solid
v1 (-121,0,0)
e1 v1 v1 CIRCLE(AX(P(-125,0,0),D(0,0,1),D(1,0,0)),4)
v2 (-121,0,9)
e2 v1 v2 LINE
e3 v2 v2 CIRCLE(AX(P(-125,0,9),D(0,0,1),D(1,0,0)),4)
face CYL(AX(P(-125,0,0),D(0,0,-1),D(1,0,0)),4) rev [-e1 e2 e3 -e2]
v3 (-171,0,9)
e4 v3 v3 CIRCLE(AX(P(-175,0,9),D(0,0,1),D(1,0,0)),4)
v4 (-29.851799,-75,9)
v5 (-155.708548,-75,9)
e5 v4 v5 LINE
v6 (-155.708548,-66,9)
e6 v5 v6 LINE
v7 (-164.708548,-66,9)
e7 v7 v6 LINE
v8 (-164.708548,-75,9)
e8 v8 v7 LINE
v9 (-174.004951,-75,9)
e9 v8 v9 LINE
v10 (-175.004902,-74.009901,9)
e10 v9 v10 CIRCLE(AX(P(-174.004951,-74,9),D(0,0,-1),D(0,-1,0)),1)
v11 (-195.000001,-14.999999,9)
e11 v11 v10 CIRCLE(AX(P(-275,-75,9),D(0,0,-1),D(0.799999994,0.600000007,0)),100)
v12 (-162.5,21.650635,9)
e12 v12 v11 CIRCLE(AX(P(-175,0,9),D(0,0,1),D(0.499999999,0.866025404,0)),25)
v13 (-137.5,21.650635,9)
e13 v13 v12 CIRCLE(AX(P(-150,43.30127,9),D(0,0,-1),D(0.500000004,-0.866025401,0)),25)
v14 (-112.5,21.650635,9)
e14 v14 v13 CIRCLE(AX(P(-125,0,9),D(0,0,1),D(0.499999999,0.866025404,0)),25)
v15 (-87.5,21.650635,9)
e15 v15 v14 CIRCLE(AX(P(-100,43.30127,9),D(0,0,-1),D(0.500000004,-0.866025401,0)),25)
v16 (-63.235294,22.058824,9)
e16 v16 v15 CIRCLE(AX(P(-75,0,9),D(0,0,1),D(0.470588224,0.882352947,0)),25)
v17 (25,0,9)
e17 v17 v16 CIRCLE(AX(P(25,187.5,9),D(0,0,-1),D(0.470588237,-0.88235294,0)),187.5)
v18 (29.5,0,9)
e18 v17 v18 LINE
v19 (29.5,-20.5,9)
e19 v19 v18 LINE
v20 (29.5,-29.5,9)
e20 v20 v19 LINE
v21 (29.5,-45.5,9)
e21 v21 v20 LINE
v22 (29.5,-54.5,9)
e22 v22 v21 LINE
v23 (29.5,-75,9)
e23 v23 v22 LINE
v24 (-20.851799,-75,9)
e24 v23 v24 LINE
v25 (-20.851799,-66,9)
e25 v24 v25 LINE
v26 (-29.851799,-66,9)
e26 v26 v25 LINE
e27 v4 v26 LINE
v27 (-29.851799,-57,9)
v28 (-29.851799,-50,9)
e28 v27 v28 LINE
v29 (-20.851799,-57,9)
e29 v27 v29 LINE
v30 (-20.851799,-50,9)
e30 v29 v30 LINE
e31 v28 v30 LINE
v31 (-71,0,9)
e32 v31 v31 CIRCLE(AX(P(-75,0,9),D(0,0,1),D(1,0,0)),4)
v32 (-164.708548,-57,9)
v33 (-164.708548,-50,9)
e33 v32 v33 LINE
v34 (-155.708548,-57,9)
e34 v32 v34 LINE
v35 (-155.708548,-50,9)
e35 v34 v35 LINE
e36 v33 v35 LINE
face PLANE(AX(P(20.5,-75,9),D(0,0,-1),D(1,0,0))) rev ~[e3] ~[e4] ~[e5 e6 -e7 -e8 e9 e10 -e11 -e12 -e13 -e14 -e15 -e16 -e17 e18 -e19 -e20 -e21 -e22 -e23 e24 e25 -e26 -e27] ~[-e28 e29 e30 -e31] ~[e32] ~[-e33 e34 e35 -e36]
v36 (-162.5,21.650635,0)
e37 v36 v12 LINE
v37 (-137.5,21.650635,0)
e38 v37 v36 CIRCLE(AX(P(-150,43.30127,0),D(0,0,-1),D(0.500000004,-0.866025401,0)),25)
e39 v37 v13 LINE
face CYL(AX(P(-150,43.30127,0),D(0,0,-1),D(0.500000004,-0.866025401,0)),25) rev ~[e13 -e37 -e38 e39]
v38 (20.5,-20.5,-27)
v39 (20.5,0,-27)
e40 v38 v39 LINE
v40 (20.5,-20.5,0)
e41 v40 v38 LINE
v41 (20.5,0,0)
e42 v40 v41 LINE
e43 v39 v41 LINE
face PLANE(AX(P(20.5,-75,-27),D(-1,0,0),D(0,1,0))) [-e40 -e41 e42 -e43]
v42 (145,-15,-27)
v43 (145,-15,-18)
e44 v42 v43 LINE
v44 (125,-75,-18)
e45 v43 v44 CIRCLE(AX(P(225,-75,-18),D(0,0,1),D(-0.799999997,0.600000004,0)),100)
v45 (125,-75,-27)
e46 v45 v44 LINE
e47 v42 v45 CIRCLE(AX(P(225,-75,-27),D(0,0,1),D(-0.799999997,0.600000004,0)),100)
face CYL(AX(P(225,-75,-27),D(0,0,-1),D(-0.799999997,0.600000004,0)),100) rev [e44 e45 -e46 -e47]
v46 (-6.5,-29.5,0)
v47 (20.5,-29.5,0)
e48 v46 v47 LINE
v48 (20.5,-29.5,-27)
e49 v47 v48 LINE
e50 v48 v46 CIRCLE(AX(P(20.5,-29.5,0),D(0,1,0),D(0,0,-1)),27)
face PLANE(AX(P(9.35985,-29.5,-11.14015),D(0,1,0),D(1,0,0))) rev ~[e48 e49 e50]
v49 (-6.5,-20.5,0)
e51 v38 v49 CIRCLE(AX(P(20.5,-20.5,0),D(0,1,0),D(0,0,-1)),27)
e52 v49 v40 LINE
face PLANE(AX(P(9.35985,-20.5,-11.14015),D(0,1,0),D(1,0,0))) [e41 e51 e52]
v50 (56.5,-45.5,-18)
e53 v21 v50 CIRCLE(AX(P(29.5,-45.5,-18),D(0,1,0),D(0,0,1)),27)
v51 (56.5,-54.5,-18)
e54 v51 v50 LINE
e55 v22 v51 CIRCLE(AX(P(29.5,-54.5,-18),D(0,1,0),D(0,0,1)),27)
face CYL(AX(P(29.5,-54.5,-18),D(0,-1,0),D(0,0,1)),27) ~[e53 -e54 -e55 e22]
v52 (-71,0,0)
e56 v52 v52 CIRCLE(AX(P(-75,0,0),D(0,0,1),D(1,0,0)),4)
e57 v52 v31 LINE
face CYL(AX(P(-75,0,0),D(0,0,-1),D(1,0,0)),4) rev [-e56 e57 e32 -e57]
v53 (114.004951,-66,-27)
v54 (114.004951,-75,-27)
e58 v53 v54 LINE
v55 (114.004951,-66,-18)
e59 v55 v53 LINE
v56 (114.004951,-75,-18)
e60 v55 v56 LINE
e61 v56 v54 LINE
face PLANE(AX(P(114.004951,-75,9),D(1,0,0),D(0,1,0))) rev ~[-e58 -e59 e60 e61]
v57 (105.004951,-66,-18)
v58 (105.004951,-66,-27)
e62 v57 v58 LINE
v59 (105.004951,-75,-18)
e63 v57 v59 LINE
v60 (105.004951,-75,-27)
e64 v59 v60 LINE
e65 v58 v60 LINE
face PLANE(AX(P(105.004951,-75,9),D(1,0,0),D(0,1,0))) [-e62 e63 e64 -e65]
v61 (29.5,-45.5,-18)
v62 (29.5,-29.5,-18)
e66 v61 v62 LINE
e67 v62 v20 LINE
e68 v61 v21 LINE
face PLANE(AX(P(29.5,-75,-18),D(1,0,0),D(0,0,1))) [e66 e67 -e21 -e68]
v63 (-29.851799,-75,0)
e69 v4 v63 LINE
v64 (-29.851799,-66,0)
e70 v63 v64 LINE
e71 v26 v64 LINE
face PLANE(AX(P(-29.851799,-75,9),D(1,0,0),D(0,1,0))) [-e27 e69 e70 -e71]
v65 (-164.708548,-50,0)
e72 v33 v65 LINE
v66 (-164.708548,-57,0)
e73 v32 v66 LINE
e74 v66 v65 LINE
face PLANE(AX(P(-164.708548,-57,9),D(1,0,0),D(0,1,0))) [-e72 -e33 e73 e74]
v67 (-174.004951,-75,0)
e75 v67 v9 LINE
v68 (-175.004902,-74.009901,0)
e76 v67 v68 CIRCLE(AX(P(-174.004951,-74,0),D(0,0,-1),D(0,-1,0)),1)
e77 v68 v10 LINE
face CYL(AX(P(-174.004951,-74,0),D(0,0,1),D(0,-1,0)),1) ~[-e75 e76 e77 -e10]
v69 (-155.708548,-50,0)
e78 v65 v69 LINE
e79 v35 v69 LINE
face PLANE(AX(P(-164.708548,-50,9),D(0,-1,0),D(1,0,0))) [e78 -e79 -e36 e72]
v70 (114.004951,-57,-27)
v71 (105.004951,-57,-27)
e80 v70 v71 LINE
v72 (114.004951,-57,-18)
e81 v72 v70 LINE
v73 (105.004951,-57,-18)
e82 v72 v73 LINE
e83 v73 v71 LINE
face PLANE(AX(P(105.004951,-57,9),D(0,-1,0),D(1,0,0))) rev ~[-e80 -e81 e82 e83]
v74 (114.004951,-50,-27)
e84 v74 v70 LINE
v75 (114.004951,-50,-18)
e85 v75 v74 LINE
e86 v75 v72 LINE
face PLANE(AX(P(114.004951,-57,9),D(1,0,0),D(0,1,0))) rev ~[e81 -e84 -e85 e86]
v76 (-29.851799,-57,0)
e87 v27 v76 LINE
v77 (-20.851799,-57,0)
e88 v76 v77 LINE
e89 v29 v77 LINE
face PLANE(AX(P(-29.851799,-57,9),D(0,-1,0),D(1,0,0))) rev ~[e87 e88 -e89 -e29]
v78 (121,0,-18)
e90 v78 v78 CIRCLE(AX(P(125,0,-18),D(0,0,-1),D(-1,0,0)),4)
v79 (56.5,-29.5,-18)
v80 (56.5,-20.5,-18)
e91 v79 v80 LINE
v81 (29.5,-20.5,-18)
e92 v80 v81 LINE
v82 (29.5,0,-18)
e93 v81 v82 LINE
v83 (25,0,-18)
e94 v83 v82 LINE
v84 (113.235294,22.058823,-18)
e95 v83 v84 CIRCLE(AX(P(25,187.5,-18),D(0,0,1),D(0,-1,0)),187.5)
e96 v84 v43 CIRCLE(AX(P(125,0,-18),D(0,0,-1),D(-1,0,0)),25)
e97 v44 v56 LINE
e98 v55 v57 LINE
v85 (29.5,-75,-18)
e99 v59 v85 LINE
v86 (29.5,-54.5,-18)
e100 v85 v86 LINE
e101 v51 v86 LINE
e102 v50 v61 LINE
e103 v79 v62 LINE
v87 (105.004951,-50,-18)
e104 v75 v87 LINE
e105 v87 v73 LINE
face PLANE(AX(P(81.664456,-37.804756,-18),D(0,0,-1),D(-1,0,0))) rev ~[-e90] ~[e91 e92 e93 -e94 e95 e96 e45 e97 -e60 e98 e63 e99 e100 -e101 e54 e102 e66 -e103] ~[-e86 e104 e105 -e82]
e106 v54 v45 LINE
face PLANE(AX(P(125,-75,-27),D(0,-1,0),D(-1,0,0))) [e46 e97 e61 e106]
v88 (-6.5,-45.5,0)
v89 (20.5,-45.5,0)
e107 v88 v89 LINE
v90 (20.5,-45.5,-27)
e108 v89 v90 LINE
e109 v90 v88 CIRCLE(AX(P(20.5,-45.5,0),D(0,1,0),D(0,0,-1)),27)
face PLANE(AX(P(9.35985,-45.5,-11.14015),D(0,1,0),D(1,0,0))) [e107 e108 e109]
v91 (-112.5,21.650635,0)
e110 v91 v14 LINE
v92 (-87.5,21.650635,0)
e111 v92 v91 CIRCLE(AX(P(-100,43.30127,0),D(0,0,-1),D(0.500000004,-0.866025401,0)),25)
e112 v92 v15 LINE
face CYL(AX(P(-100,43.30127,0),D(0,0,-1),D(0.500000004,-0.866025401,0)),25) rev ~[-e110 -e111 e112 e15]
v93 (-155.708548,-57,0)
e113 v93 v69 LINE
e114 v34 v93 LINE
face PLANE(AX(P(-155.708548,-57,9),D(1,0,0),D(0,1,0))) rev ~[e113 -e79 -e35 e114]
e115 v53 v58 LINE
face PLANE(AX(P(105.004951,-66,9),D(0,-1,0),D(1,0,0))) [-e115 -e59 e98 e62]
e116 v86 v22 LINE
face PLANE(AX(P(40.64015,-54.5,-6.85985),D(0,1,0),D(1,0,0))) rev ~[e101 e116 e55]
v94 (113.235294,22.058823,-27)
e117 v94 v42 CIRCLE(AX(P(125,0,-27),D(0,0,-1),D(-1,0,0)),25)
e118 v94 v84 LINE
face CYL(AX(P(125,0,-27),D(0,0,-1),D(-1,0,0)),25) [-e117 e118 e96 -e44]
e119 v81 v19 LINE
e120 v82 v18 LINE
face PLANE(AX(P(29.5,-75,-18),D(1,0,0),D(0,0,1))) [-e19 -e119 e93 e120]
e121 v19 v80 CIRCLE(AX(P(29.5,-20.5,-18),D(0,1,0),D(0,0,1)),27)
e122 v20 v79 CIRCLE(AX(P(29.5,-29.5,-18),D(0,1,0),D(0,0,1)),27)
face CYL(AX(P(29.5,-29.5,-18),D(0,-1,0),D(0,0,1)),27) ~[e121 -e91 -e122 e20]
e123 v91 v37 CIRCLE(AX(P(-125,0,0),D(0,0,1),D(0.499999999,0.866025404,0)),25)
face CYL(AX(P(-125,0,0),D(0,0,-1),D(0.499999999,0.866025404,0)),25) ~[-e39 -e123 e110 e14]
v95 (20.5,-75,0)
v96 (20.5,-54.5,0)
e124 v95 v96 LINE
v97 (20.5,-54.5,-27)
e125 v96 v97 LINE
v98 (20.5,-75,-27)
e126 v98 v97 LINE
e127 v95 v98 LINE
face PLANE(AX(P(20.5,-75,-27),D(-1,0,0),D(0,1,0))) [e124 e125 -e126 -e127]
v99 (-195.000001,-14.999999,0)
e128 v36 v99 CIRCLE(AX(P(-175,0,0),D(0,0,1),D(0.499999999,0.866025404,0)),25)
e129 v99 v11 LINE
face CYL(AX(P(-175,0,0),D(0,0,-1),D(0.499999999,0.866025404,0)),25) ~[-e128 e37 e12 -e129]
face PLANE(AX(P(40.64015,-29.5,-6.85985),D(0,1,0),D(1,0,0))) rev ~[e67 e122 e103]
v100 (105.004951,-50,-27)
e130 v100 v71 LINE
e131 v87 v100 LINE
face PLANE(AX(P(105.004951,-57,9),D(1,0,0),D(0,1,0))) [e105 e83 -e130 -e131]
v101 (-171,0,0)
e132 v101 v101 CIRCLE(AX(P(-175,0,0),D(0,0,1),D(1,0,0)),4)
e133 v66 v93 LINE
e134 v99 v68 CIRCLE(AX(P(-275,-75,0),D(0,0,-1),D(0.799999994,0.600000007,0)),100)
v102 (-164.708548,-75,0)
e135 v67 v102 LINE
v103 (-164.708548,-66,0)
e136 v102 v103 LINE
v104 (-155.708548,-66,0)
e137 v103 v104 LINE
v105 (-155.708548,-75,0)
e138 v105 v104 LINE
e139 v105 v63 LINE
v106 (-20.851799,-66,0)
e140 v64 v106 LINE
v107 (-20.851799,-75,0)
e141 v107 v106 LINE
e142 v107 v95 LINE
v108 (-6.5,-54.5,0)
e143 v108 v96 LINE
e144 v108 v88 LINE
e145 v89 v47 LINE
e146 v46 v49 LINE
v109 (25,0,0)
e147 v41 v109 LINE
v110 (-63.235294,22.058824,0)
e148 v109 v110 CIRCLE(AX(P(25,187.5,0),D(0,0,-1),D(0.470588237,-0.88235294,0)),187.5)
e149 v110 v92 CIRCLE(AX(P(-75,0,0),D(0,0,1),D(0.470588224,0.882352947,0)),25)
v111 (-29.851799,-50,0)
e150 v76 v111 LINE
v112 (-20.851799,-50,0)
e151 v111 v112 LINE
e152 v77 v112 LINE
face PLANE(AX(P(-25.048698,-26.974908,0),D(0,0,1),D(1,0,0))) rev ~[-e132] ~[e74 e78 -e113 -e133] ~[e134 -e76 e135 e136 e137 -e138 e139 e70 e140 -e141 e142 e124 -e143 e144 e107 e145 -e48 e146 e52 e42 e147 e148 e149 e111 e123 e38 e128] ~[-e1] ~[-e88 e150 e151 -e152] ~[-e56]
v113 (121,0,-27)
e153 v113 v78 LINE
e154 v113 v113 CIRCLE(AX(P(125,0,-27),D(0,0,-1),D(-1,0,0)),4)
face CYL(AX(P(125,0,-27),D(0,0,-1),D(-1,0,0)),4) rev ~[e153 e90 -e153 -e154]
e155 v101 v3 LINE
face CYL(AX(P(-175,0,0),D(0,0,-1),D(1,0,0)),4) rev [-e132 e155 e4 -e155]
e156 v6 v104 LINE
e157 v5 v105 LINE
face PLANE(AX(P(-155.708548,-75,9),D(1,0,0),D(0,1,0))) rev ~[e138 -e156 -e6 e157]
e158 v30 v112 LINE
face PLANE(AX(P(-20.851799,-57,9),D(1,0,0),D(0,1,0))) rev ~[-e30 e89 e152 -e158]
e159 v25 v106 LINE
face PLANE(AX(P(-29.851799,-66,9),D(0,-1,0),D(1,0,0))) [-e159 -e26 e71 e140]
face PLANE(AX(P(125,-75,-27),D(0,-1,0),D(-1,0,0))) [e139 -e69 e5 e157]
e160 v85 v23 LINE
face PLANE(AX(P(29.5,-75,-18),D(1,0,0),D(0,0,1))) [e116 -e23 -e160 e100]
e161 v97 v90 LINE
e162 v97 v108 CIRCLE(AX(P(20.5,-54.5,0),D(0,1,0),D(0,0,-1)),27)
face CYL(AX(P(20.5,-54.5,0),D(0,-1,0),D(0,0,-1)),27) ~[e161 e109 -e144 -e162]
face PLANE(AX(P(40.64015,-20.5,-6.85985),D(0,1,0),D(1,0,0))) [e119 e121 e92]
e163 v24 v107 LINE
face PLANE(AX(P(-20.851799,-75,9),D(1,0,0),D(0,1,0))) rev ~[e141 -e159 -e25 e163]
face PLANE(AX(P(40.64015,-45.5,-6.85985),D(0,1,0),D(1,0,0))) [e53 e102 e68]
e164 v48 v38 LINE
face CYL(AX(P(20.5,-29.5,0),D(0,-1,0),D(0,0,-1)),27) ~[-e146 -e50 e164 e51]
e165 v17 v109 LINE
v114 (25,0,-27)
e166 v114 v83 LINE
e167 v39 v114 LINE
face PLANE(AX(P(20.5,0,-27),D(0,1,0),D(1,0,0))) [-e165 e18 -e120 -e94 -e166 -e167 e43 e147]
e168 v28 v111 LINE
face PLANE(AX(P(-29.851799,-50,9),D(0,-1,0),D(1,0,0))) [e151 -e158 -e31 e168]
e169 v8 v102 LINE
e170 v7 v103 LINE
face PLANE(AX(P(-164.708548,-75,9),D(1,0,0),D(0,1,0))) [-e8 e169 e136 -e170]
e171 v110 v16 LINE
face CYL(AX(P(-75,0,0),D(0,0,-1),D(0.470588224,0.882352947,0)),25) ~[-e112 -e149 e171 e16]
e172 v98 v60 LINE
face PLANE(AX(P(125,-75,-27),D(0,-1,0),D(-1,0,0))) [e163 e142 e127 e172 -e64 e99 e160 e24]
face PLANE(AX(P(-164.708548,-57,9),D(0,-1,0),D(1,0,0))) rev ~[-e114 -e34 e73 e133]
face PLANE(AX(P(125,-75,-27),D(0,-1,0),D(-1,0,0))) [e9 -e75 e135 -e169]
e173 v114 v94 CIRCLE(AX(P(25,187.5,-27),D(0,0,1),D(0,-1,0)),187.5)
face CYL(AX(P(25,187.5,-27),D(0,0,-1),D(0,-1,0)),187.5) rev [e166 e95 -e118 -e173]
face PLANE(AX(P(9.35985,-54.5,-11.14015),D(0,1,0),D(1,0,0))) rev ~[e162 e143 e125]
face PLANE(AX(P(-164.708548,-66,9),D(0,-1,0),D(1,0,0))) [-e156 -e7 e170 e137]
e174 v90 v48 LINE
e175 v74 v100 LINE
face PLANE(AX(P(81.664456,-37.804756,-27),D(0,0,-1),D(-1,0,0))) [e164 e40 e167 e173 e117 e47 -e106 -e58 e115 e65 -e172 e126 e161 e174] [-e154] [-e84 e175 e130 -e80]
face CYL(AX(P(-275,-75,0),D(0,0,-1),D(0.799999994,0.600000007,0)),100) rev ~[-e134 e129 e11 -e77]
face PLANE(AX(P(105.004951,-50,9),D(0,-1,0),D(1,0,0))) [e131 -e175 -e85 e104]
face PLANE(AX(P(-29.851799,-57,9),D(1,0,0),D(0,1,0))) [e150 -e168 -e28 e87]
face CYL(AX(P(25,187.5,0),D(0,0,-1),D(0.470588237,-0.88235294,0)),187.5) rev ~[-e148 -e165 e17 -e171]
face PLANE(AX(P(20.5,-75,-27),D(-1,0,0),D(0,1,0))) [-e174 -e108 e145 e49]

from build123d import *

# Parameters (mm, degrees)
SKETCH1_R                = 8
SKETCH1_R_2              = 4
BOSS_EXTRUDE1_DEPTH      = 9
BOSS_EXTRUDE1_2_DEPTH    = 9
SKETCH2_R                = 4
BOSS_EXTRUDE3_DEPTH      = 9
FILLET1_R                = 1
CUT_EXTRUDE1_DEPTH       = 214.789616212
SKETCH4_W                = 9
SKETCH4_H                = 27
BOSS_EXTRUDE4_DEPTH      = 75
BOSS_EXTRUDE5_START      = 9
SKETCH5_R                = 25
SKETCH5_R_2              = 4
BOSS_EXTRUDE5_DEPTH      = 9
BOSS_EXTRUDE6_DEPTH      = 4.5
BOSS_EXTRUDE6_DEPTH_BACK = 4.5
BOSS_EXTRUDE7_DEPTH      = 4.5
BOSS_EXTRUDE7_DEPTH_BACK = 4.5
BOSS_EXTRUDE7_START      = -25
SKETCH9_W                = 9
SKETCH9_H                = 7
SKETCH9_H_2              = 9
CUT_EXTRUDE2_DEPTH       = 217.612557346


with BuildPart() as part:
    # Sketch1 → Boss-Extrude1 (new body)
    with BuildSketch(Plane.XY):
        with Locations((-125, 0)):
            Circle(SKETCH1_R)
        with Locations((-125, 0)):
            Circle(SKETCH1_R_2, mode=Mode.SUBTRACT)
    extrude(amount=BOSS_EXTRUDE1_DEPTH)



with BuildPart() as body_2:
    # Sketch1 → Boss-Extrude1 2 (new body)
    with BuildSketch(Plane.XY):
        with Locations((125, 0)):
            Circle(SKETCH1_R)
        with Locations((125, 0)):
            Circle(SKETCH1_R_2, mode=Mode.SUBTRACT)
    extrude(amount=BOSS_EXTRUDE1_2_DEPTH)


with BuildPart() as part_1:
    add(part.part)

    add(body_2.part)  # Boss-Extrude3 merges body 2
    # Sketch2 → Boss-Extrude3 (add)
    with BuildSketch(Plane.XY):
        with BuildLine():
            Line((-175, -75), (125, -75))
            ThreePointArc((125, -75), (130.131670325, -43.377223009), (145.000000492, -14.999999344))
            ThreePointArc((145.000000492, -14.999999344), (143.981414944, 16.269784471), (113.235294528, 22.058823748))
            ThreePointArc((113.235294528, 22.058823748), (25.000000075, 0), (-63.235294395, 22.058823677))
            ThreePointArc((-63.235294395, 22.058823677), (-75.420498385, 24.996463372), (-87.499999896, 21.650635154))
            ThreePointArc((-87.499999896, 21.650635154), (-99.999999954, 18.301270189), (-112.500000024, 21.650635108))
            ThreePointArc((-112.500000024, 21.650635108), (-124.99999995, 25), (-137.49999989, 21.650635158))
            ThreePointArc((-137.49999989, 21.650635158), (-149.999999954, 18.301270189), (-162.50000003, 21.650635112))
            ThreePointArc((-162.50000003, 21.650635112), (-193.705072901, 16.586749162), (-195.000000551, -14.999999265))
            ThreePointArc((-195.000000551, -14.999999265), (-180.13167034, -43.377222962), (-175, -75))
        make_face()
        with Locations((125, 0)):
            Circle(SKETCH2_R, mode=Mode.SUBTRACT)
        with Locations((-175, 0)):
            Circle(SKETCH2_R, mode=Mode.SUBTRACT)
        with Locations((-125, 0)):
            Circle(SKETCH2_R, mode=Mode.SUBTRACT)
        with Locations((-75, 0)):
            Circle(SKETCH2_R, mode=Mode.SUBTRACT)
    extrude(amount=BOSS_EXTRUDE3_DEPTH)

    # Fillet1
    fillet1_edges = [part_1.edges().sort_by_distance(p)[0] for p in [
        (-175, -75, 4.5),
        (125, -75, 4.5),
    ]]
    fillet(fillet1_edges, radius=FILLET1_R)

    # Sketch3 → Cut-Extrude1 (cut, through all)
    with BuildSketch(Plane.XY):
        Polygon((25, 0), (25, -75), (150, -75), (150, 25), (25, 25), align=None)
    extrude(amount=CUT_EXTRUDE1_DEPTH, mode=Mode.SUBTRACT)

    # Sketch4 → Boss-Extrude4 (add)
    with BuildSketch(Plane.XZ.offset(75)):
        with Locations((25, -4.5)):
            Rectangle(SKETCH4_W, SKETCH4_H)
    extrude(amount=-BOSS_EXTRUDE4_DEPTH)

    # Sketch5 → Boss-Extrude5 (add)
    # profile 1 of 4: a face of its own
    with BuildSketch(Plane(origin=(0, 0, -18), x_dir=(-1, 0, 0), z_dir=(0, 0, -1)).offset(BOSS_EXTRUDE5_START)):
        with BuildLine():
            ThreePointArc((-145.000000304, -14.999999594), (-130.131670275, -43.377223158), (-125, -75))
            Line((-125, -75), (-29.5, -75))
            Line((-29.5, -75), (-29.5, 0))
            Line((-29.5, 0), (-100, 0))
            ThreePointArc((-100, 0), (-117.09430609, -23.717082532), (-145.000000304, -14.999999594))
        make_face()
    # profile 2 of 4: a face of its own
    with BuildSketch(Plane(origin=(0, 0, -18), x_dir=(-1, 0, 0), z_dir=(0, 0, -1)).offset(BOSS_EXTRUDE5_START)):
        with Locations((-125, 0)):
            Circle(SKETCH5_R)
        with Locations((-125, 0)):
            Circle(SKETCH5_R_2, mode=Mode.SUBTRACT)
    # profile 3 of 4: a face of its own
    with BuildSketch(Plane(origin=(0, 0, -18), x_dir=(-1, 0, 0), z_dir=(0, 0, -1)).offset(BOSS_EXTRUDE5_START)):
        Polygon((-29.5, 0), (-29.5, -75), (-20.5, -75), (-20.5, 0), (-25, 0), align=None)
    # profile 4 of 4: a face of its own
    with BuildSketch(Plane(origin=(0, 0, -18), x_dir=(-1, 0, 0), z_dir=(0, 0, -1)).offset(BOSS_EXTRUDE5_START)):
        with BuildLine():
            Line((-100, 0), (-29.5, 0))
            Line((-29.5, 0), (-25, 0))
            ThreePointArc((-25, 0), (-70.475429529, 5.598281181), (-113.235293817, 22.058823369))
            ThreePointArc((-113.235293817, 22.058823369), (-103.56267677, 12.86239374), (-100, 0))
        make_face()
    extrude(amount=-BOSS_EXTRUDE5_DEPTH)

    # Sketch7 → Boss-Extrude6 (add, two sides: drawn at the far end of the back side and taken through both)
    with BuildSketch(Plane(origin=(0, -25, 0), x_dir=(1, 0, 0), z_dir=(0, 1, 0)).offset(-BOSS_EXTRUDE6_DEPTH_BACK)):
        with BuildLine():
            Line((56.5, 18), (29.5, 18))
            Line((29.5, 18), (29.5, -9))
            ThreePointArc((29.5, -9), (48.591883092, -1.091883092), (56.5, 18))
        make_face()
        with BuildLine():
            Line((-6.5, 0), (20.5, 0))
            Line((20.5, 0), (20.5, 27))
            ThreePointArc((20.5, 27), (1.408116908, 19.091883092), (-6.5, 0))
        make_face()
    extrude(amount=BOSS_EXTRUDE6_DEPTH + BOSS_EXTRUDE6_DEPTH_BACK)

    # Sketch7<3> → Boss-Extrude7 (add, two sides: drawn at the far end of the back side and taken through both)
    with BuildSketch(Plane(origin=(0, -25, 0), x_dir=(1, 0, 0), z_dir=(0, 1, 0)).offset(BOSS_EXTRUDE7_START - BOSS_EXTRUDE7_DEPTH_BACK)):
        with BuildLine():
            Line((56.5, 18), (29.5, 18))
            Line((29.5, 18), (29.5, -9))
            ThreePointArc((29.5, -9), (48.591883092, -1.091883092), (56.5, 18))
        make_face()
        with BuildLine():
            Line((-6.5, 0), (20.5, 0))
            Line((20.5, 0), (20.5, 27))
            ThreePointArc((20.5, 27), (1.408116908, 19.091883092), (-6.5, 0))
        make_face()
    extrude(amount=BOSS_EXTRUDE7_DEPTH + BOSS_EXTRUDE7_DEPTH_BACK)

    # Sketch9 → Cut-Extrude2 (cut, through all)
    with BuildSketch(Plane.XY.offset(9)):
        with Locations((-160.208548161, -53.5)):
            Rectangle(SKETCH9_W, SKETCH9_H)
        with Locations((-160.208548161, -70.5)):
            Rectangle(SKETCH9_W, SKETCH9_H_2)
        with Locations((-25.351798772, -53.5)):
            Rectangle(SKETCH9_W, SKETCH9_H)
        with Locations((-25.351798772, -70.5)):
            Rectangle(SKETCH9_W, SKETCH9_H_2)
        with Locations((109.504950616, -53.5)):
            Rectangle(SKETCH9_W, SKETCH9_H)
        with Locations((109.504950616, -70.5)):
            Rectangle(SKETCH9_W, SKETCH9_H_2)
    extrude(amount=-CUT_EXTRUDE2_DEPTH, mode=Mode.SUBTRACT)


solid = part_1.part
